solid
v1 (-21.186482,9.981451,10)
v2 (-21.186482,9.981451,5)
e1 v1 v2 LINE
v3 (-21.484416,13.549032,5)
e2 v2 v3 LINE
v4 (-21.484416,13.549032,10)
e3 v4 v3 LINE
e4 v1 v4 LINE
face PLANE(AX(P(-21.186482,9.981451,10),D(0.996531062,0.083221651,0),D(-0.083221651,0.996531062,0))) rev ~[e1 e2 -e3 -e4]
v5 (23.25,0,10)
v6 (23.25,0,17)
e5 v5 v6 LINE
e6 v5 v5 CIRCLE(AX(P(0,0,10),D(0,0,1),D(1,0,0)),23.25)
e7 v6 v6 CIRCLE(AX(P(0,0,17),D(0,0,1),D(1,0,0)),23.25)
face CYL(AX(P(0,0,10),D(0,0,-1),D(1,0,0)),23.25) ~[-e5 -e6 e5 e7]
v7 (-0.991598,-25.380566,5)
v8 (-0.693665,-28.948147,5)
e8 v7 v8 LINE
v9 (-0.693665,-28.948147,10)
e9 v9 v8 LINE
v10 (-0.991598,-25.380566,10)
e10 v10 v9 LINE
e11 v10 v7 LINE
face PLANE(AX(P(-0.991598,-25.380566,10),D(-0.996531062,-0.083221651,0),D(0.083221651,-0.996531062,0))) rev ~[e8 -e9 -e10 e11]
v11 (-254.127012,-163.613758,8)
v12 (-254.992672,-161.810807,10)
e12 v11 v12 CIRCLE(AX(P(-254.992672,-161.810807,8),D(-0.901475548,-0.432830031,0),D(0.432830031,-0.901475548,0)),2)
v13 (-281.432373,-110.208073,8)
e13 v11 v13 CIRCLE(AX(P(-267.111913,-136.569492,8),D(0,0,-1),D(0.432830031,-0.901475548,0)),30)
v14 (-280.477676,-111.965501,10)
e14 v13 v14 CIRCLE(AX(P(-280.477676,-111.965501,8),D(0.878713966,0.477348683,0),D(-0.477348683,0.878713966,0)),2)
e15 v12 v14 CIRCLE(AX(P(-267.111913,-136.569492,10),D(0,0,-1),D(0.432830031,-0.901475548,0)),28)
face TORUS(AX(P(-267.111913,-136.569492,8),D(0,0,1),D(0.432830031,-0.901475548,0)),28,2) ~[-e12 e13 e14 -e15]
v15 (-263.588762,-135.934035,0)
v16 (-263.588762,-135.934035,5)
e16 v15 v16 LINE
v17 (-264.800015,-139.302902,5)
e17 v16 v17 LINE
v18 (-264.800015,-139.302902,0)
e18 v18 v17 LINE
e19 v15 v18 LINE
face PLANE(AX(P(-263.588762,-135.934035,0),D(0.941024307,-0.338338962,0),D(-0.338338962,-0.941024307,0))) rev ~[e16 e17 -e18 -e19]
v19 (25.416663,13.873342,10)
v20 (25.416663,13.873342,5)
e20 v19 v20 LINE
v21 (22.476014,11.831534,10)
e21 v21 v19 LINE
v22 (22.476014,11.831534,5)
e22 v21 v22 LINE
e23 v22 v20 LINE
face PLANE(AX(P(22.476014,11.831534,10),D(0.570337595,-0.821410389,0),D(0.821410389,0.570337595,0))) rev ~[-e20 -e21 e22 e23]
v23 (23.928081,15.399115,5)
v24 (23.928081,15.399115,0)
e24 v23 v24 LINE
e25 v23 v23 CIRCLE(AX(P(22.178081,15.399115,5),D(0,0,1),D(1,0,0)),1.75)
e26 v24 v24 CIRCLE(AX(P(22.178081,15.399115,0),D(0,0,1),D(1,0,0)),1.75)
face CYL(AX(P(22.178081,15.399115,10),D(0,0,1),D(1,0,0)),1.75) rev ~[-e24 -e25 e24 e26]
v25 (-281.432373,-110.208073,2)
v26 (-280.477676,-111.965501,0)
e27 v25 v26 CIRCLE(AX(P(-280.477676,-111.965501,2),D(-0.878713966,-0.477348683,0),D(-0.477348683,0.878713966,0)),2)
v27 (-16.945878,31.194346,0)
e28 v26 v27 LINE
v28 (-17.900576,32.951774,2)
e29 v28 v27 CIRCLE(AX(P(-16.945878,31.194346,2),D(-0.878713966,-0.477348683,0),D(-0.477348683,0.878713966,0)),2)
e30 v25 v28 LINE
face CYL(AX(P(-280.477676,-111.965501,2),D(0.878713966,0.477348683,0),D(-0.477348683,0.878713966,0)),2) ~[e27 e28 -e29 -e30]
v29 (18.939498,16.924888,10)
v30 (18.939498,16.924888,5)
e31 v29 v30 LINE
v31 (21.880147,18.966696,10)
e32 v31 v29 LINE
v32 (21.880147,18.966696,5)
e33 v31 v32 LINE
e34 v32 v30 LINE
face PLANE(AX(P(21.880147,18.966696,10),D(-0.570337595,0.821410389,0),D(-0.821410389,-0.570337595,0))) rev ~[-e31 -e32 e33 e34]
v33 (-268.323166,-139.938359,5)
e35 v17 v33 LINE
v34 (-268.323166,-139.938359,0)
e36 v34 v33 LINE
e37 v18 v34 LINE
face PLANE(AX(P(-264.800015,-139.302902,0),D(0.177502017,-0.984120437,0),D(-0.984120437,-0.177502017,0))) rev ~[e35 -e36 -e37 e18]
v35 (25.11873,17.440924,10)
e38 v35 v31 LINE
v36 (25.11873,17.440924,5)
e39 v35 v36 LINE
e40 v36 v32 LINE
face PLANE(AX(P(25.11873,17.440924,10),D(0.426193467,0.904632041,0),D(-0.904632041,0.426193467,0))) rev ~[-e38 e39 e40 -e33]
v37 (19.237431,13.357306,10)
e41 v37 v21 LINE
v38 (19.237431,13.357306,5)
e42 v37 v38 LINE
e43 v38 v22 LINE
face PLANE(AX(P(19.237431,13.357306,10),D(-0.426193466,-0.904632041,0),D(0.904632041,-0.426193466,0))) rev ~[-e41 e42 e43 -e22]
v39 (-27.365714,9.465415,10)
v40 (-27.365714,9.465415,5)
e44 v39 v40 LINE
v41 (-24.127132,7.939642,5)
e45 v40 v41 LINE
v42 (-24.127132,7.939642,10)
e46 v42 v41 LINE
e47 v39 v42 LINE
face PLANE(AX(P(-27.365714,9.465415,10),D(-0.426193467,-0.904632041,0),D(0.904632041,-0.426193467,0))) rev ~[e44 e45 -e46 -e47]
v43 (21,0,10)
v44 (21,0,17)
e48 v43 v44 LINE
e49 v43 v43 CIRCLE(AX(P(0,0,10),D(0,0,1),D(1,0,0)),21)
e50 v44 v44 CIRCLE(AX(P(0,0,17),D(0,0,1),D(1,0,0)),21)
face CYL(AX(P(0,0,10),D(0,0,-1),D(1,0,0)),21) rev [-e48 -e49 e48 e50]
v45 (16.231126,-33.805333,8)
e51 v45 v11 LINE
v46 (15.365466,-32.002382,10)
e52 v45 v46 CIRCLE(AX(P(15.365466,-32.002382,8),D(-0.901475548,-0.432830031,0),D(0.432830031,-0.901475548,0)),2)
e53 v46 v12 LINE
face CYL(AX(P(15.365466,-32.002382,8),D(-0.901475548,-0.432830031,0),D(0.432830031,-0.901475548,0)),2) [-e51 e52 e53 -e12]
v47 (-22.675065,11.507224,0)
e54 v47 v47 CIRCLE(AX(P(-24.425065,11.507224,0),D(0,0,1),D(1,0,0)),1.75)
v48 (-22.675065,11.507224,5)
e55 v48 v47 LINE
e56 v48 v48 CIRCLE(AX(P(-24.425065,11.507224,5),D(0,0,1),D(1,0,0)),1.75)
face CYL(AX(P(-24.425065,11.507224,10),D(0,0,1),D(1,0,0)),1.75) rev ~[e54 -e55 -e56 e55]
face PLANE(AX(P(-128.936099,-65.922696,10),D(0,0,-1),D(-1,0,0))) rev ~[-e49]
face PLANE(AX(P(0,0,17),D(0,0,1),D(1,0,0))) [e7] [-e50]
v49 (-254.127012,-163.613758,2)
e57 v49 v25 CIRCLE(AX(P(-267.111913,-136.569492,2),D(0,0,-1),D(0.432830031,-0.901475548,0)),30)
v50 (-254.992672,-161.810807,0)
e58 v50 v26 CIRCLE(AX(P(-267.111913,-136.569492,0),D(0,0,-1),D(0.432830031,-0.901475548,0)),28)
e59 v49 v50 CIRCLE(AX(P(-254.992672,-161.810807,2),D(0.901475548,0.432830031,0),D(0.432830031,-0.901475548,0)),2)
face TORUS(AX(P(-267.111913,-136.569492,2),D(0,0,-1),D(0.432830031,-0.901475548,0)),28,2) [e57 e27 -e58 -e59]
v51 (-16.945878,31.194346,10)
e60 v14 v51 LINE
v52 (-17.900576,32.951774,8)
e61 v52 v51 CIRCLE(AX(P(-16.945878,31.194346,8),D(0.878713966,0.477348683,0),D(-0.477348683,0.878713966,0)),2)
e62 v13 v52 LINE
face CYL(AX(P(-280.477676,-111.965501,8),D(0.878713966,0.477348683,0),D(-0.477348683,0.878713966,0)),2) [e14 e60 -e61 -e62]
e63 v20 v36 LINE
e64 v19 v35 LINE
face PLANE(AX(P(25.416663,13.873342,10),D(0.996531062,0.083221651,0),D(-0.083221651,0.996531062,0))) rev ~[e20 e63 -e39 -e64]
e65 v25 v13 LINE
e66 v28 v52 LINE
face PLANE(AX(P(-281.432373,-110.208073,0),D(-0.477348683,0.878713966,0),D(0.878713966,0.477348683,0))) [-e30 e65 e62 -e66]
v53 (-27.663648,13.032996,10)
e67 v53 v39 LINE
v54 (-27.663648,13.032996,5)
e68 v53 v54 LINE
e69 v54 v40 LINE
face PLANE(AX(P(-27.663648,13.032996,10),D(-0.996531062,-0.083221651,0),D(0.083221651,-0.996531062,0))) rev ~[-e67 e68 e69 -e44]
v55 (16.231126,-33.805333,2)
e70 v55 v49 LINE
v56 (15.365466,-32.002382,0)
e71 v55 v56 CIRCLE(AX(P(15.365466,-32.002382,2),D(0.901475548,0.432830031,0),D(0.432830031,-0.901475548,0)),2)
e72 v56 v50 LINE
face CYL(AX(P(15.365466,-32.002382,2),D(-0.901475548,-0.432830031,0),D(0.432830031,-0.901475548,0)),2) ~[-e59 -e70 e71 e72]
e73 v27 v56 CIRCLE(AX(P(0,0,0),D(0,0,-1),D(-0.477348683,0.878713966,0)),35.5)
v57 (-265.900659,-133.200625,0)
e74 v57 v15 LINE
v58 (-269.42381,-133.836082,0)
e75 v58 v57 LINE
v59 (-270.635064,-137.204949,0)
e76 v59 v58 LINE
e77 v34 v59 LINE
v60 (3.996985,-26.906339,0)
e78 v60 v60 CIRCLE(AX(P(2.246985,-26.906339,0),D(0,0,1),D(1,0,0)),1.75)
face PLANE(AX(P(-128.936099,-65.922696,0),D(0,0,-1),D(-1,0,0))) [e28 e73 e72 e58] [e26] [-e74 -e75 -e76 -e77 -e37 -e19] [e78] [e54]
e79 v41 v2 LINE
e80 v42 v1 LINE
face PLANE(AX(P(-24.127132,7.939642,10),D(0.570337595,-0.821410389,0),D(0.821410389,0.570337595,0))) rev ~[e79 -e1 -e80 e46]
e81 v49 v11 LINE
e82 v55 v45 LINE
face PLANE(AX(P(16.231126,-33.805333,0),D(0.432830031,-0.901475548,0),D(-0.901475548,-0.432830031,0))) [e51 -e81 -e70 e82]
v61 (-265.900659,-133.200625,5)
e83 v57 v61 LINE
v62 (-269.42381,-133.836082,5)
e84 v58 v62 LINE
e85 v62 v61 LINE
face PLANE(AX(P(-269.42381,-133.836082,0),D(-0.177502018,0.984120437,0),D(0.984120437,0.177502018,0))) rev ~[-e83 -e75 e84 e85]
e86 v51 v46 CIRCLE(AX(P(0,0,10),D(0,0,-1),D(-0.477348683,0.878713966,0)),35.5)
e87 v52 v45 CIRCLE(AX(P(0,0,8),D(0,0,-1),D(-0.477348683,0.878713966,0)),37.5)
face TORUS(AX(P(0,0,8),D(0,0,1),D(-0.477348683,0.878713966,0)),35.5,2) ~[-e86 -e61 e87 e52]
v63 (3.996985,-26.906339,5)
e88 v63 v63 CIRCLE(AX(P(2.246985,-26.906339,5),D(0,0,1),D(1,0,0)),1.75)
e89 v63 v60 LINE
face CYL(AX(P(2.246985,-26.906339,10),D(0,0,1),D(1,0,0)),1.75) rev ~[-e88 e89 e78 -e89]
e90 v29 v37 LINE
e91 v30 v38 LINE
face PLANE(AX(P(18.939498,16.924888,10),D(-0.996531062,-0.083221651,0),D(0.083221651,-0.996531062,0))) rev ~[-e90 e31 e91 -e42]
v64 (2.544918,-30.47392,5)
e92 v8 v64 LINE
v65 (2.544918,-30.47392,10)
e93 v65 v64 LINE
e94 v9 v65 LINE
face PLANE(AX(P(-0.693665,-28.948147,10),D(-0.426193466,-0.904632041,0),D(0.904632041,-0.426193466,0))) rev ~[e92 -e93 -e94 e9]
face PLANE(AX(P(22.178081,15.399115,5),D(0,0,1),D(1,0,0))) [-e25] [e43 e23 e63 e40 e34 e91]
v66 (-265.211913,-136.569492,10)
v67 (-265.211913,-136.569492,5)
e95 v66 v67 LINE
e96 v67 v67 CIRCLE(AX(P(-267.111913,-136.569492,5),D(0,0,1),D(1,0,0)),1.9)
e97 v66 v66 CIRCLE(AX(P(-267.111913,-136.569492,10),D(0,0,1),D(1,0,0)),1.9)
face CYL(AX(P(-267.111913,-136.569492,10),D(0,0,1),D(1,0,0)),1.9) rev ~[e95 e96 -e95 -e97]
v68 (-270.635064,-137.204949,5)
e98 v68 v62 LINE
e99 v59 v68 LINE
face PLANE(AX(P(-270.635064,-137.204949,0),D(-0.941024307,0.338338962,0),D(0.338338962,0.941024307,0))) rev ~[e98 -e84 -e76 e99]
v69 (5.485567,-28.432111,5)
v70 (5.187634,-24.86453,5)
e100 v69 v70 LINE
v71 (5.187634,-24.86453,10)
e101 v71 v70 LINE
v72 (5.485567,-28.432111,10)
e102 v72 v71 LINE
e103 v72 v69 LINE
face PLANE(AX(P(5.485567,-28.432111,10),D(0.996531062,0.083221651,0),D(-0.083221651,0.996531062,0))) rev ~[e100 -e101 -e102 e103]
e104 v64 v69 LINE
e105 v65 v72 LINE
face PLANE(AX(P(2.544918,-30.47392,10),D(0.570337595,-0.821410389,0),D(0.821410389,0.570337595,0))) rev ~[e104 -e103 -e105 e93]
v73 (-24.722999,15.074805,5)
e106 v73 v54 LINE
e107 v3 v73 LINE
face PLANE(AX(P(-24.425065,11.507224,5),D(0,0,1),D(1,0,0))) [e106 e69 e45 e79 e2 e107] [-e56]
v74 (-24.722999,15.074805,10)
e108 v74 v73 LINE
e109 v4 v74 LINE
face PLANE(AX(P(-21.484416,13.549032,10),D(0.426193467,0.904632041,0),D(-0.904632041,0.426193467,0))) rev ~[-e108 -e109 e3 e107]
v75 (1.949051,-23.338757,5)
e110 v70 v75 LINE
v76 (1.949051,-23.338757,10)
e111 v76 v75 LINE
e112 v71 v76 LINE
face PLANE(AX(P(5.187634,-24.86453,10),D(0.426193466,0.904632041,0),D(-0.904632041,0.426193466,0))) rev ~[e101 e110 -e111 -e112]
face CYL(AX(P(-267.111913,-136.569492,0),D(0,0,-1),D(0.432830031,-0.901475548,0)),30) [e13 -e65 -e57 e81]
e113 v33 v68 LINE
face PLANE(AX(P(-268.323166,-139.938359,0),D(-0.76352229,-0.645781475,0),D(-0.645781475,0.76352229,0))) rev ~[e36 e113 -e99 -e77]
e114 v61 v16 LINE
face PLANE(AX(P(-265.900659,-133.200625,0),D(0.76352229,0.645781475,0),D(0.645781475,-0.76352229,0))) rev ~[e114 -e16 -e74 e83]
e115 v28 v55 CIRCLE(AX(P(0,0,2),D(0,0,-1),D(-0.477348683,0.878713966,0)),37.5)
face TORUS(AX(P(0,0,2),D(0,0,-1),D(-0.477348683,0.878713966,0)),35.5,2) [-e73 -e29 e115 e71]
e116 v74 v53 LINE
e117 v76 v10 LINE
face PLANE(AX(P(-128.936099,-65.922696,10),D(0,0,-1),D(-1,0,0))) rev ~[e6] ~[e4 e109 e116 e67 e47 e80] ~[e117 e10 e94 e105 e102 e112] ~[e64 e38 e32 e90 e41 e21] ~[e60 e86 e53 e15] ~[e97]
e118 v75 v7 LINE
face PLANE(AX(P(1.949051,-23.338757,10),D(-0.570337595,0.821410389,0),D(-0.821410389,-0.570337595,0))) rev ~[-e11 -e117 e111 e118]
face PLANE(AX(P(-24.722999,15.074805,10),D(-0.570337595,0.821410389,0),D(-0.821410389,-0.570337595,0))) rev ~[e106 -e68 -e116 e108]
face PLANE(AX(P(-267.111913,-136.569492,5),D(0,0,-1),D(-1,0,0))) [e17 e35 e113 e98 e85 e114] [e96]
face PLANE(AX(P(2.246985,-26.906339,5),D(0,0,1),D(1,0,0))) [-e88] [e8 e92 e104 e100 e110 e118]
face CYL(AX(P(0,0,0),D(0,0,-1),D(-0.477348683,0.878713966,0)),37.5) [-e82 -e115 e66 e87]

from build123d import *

# Parameters (mm, degrees)
BOSS_EXTRUDE1_DEPTH = 10
FILLET1_R           = 2
SKETCH3_R           = 1.9
CUT_EXTRUDE3_DEPTH  = 240
CUT_EXTRUDE4_DEPTH  = 5
SKETCH6_R           = 1.75
CUT_EXTRUDE8_DEPTH  = 10
SKETCH7_R           = 23.25
SKETCH7_R_2         = 21
BOSS_EXTRUDE2_DEPTH = 7
CUT_EXTRUDE9_DEPTH  = 5


with BuildPart() as part:
    # Sketch1 → Boss-Extrude1 (new body)
    with BuildSketch(Plane.XY):
        with BuildLine():
            Line((-281.432373232, -110.20807274), (-17.900575614, 32.951773741))
            ThreePointArc((-17.900575614, 32.951773741), (33.388989093, 17.071186467), (16.23112616, -33.805333064))
            Line((16.23112616, -33.805333064), (-254.127011813, -163.613758184))
            ThreePointArc((-254.127011813, -163.613758184), (-293.823104015, -150.226440906), (-281.432373232, -110.20807274))
        make_face()
    extrude(amount=BOSS_EXTRUDE1_DEPTH)

    # Fillet1
    fillet1_edges = [part.edges().sort_by_distance(p)[0] for p in [
        (33.388989093, 17.071186467, 10),
        (-149.666474423, -38.628149499, 10),
        (-293.823104015, -150.226440906, 10),
        (-149.666474423, -38.628149499, 0),
        (33.388989093, 17.071186467, 0),
        (-118.947942827, -98.709545624, 0),
        (-293.823104015, -150.226440906, 0),
        (-118.947942827, -98.709545624, 10),
    ]]
    fillet(fillet1_edges, radius=FILLET1_R)

    # Sketch3 → Cut-Extrude3 (cut)
    with BuildSketch(Plane.XY.offset(10)):
        with Locations((-267.111912741, -136.569491732)):
            Circle(SKETCH3_R)
    extrude(amount=-CUT_EXTRUDE3_DEPTH, mode=Mode.SUBTRACT)

    # Sketch4 → Cut-Extrude4 (cut)
    with BuildSketch(Plane.XY.offset(10)):
        Polygon((1.949051074, -23.338757463), (-0.99159812, -25.380566053), (-0.693664608, -28.948147254), (2.544918098, -30.473919864), (5.485567292, -28.432111274), (5.18763378, -24.864530073), align=None)
        Polygon((19.237431318, 13.357306475), (22.476014024, 11.831533865), (25.416663218, 13.873342455), (25.118729706, 17.440923655), (21.880147001, 18.966696266), (18.939497807, 16.924887676), align=None)
        Polygon((-21.186482393, 9.981450988), (-21.484415905, 13.549032188), (-24.72299861, 15.074804799), (-27.663647804, 13.032996209), (-27.365714292, 9.465415008), (-24.127131587, 7.939642398), align=None)
    extrude(amount=-CUT_EXTRUDE4_DEPTH, mode=Mode.SUBTRACT)

    # Sketch6 → Cut-Extrude8 (cut)
    with BuildSketch(Plane.XY.offset(10)):
        with Locations((2.246984586, -26.906338663)):
            Circle(SKETCH6_R)
        with Locations((-24.425065098, 11.507223598)):
            Circle(SKETCH6_R)
        with Locations((22.178080512, 15.399115065)):
            Circle(SKETCH6_R)
    extrude(amount=-CUT_EXTRUDE8_DEPTH, mode=Mode.SUBTRACT)

    # Sketch7 → Boss-Extrude2 (add)
    with BuildSketch(Plane.XY.offset(10)):
        Circle(SKETCH7_R)
        Circle(SKETCH7_R_2, mode=Mode.SUBTRACT)
    extrude(amount=BOSS_EXTRUDE2_DEPTH)

    # Sketch8 → Cut-Extrude9 (cut)
    with BuildSketch(Plane(origin=(0, 0, 0), x_dir=(-1, 0, 0), z_dir=(0, 0, -1))):
        Polygon((270.635063904, -137.204948955), (269.42381042, -133.836081935), (265.900659257, -133.200624712), (263.588761578, -135.93403451), (264.800015061, -139.30290153), (268.323166224, -139.938358752), align=None)
    extrude(amount=-CUT_EXTRUDE9_DEPTH, mode=Mode.SUBTRACT)


solid = part.part
